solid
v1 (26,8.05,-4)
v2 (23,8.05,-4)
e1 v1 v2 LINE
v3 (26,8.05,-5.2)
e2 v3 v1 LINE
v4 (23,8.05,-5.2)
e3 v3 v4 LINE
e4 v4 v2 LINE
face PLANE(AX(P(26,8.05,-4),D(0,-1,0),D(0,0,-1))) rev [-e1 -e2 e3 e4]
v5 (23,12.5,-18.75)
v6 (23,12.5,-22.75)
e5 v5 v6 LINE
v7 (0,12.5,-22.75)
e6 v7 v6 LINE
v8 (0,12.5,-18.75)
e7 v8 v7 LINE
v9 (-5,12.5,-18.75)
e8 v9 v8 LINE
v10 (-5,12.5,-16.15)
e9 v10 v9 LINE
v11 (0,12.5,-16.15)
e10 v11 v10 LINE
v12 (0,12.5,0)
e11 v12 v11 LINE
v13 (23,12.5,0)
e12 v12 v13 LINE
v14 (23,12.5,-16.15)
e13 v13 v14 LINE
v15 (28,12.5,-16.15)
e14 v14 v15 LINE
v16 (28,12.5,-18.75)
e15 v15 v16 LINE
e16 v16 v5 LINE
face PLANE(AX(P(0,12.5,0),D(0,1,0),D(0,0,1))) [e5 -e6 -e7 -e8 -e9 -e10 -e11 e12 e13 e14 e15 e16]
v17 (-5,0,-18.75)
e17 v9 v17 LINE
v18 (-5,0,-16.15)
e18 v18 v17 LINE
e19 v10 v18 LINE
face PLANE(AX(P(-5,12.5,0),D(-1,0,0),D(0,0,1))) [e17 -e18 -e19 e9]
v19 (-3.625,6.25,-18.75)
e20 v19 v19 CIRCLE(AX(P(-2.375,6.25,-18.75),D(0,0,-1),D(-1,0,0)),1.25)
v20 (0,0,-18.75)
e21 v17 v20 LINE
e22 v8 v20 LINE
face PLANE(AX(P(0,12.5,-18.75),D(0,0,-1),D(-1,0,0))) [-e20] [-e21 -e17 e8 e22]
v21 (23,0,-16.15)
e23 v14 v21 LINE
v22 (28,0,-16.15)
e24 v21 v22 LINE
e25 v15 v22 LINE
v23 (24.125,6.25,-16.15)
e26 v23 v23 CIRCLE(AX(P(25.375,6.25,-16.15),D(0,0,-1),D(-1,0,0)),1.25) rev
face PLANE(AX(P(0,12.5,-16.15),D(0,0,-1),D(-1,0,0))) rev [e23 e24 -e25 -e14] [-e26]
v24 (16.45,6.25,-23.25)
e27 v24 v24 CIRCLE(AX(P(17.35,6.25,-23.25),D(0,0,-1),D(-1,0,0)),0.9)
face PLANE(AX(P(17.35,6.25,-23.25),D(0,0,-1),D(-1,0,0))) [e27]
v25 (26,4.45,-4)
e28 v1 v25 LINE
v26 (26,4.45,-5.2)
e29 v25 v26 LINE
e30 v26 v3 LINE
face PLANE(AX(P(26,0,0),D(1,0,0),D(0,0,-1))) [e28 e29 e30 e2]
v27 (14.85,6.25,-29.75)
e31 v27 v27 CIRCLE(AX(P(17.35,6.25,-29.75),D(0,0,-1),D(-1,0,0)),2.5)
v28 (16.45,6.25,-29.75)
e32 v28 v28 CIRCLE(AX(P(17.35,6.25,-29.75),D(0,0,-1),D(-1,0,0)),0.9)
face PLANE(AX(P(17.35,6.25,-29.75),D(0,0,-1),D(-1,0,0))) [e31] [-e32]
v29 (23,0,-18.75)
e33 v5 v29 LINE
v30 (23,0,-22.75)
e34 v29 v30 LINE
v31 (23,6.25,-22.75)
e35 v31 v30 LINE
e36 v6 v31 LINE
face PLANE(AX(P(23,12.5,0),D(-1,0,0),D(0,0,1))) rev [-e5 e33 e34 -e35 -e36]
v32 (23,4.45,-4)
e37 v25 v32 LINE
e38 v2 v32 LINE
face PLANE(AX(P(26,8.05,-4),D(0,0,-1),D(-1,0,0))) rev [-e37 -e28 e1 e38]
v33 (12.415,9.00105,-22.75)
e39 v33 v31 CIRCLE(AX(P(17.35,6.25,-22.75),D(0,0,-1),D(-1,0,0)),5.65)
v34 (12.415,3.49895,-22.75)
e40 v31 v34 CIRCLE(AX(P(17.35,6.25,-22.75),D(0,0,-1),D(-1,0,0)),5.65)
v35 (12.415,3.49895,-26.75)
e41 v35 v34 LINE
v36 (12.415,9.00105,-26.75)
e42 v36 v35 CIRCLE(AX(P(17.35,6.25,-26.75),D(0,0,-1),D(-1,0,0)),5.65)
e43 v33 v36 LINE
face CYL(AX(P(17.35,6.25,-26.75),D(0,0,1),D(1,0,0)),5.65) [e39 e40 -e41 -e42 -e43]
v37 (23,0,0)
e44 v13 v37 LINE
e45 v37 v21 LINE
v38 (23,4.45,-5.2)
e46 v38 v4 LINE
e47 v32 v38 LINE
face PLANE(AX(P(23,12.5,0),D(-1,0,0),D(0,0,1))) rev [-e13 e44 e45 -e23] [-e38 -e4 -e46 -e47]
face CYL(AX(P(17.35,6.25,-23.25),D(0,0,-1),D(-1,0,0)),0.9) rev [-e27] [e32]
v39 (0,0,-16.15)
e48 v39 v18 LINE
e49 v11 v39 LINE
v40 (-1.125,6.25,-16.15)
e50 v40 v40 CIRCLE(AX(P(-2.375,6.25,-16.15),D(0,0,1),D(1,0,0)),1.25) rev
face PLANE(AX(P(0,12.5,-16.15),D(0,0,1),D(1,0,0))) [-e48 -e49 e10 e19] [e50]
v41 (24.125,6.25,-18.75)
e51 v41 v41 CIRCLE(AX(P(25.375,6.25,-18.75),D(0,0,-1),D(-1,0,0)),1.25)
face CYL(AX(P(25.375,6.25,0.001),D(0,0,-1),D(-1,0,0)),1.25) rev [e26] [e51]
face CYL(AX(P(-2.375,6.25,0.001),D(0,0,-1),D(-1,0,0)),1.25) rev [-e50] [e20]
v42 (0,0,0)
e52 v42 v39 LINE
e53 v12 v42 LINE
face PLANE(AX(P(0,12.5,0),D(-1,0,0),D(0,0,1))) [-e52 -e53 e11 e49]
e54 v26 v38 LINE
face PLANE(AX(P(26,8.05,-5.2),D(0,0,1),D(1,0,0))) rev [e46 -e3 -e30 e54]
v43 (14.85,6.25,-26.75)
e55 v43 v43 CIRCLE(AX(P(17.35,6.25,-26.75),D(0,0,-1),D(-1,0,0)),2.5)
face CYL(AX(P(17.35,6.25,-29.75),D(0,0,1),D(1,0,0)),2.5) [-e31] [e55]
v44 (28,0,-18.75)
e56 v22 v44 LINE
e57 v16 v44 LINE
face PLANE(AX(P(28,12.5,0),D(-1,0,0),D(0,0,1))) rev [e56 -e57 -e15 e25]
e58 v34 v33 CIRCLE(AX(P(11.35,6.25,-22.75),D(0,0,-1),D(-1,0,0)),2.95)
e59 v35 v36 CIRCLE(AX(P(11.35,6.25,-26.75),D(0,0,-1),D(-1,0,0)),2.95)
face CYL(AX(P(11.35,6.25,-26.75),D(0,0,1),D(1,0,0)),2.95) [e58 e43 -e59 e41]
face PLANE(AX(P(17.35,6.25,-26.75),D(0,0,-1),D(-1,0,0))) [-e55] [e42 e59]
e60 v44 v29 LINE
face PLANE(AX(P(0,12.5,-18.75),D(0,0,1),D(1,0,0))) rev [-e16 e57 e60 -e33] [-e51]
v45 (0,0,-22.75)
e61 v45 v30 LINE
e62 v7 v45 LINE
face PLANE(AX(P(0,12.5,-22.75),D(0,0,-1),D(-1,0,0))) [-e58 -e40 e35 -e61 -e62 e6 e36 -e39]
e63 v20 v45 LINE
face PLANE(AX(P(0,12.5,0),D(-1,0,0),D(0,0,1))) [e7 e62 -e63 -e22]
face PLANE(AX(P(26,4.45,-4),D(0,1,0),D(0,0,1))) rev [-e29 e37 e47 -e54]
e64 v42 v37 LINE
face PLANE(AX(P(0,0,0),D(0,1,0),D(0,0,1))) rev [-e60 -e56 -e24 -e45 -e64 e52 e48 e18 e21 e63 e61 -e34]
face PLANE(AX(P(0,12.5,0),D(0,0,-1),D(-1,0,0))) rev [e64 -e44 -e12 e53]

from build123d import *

# Parameters (mm, degrees)
SKETCH_1_W          = 5
SKETCH_1_H          = 2.6
SKETCH_1_W_2        = 23
SKETCH_1_H_2        = 22.75
EXTRUDE_1_DEPTH     = 12.5
SKETCH_2_R          = 5.65
EXTRUDE_2_DEPTH     = 4
SKETCH_3_R          = 2.5
EXTRUDE_3_DEPTH     = 3
SKETCH_4_R          = 0.9
CUT_EXTRUDE_1_DEPTH = 6.5
SKETCH_5_R          = 2.95
EXTRUDE_4_DEPTH     = 4
CUT_EXTRUDE_2_REACH = 20.75
SKETCH_6_R          = 1.25
SKETCH_7_W          = 1.2
SKETCH_7_H          = 3.6
EXTRUDE_5_DEPTH     = 3


with BuildPart() as part:
    # Эскиз1 → Бобышка-Вытянуть1 (new body)
    with BuildSketch(Plane(origin=(0, 0, 0), x_dir=(1, 0, 0), z_dir=(0, 1, 0))):
        with Locations((-2.5, 17.45)):
            Rectangle(SKETCH_1_W, SKETCH_1_H)
        with Locations((11.5, 11.375)):
            Rectangle(SKETCH_1_W_2, SKETCH_1_H_2)
        with Locations((25.5, 17.45)):
            Rectangle(SKETCH_1_W, SKETCH_1_H)
    extrude(amount=EXTRUDE_1_DEPTH)

    # Эскиз2 → Бобышка-Вытянуть2 (add)
    with BuildSketch(Plane(origin=(0, 0, -22.75), x_dir=(-1, 0, 0), z_dir=(0, 0, -1))):
        with Locations((-17.35, 6.25)):
            Circle(SKETCH_2_R)
    extrude(amount=EXTRUDE_2_DEPTH)

    # Эскиз3 → Бобышка-Вытянуть3 (add)
    with BuildSketch(Plane(origin=(0, 0, -26.75), x_dir=(-1, 0, 0), z_dir=(0, 0, -1))):
        with Locations((-17.35, 6.25)):
            Circle(SKETCH_3_R)
    extrude(amount=EXTRUDE_3_DEPTH)

    # Эскиз4 → Вырез-Вытянуть1 (cut)
    with BuildSketch(Plane(origin=(0, 0, -29.75), x_dir=(-1, 0, 0), z_dir=(0, 0, -1))):
        with Locations((-17.35, 6.25)):
            Circle(SKETCH_4_R)
    extrude(amount=-CUT_EXTRUDE_1_DEPTH, mode=Mode.SUBTRACT)

    # Эскиз5 → Бобышка-Вытянуть4 (add)
    with BuildSketch(Plane(origin=(0, 0, -22.75), x_dir=(-1, 0, 0), z_dir=(0, 0, -1))):
        with Locations((-11.35, 6.25)):
            Circle(SKETCH_5_R)
    extrude(amount=EXTRUDE_4_DEPTH)

    # Эскиз6 → Вырез-Вытянуть2 (cut, up to next)
    with BuildSketch(Plane(origin=(0, 0, -18.75), x_dir=(-1, 0, 0), z_dir=(0, 0, -1)), mode=Mode.PRIVATE) as cut_extrude_2_sk1:
        with Locations((2.375, 6.25)):
            Circle(SKETCH_6_R)
    cut_extrude_2_tool1 = extrude(cut_extrude_2_sk1.sketch, amount=-CUT_EXTRUDE_2_REACH, mode=Mode.PRIVATE) & part.part
    add(cut_extrude_2_tool1.solids().sort_by_distance((-2.375, 6.25, -18.75))[0], mode=Mode.SUBTRACT)
    # Эскиз6 → Вырез-Вытянуть2 (cut, up to next)
    with BuildSketch(Plane(origin=(0, 0, -18.75), x_dir=(-1, 0, 0), z_dir=(0, 0, -1)), mode=Mode.PRIVATE) as cut_extrude_2_sk2:
        with Locations((-25.375, 6.25)):
            Circle(SKETCH_6_R)
    cut_extrude_2_tool2 = extrude(cut_extrude_2_sk2.sketch, amount=-CUT_EXTRUDE_2_REACH, mode=Mode.PRIVATE) & part.part
    add(cut_extrude_2_tool2.solids().sort_by_distance((25.375, 6.25, -18.75))[0], mode=Mode.SUBTRACT)

    # Эскиз7 → Бобышка-Вытянуть5 (add)
    with BuildSketch(Plane(origin=(23, 0, 0), x_dir=(0, 0, -1), z_dir=(1, 0, 0))):
        with Locations((4.6, 6.25)):
            Rectangle(SKETCH_7_W, SKETCH_7_H)
    extrude(amount=EXTRUDE_5_DEPTH)


solid = part.part
